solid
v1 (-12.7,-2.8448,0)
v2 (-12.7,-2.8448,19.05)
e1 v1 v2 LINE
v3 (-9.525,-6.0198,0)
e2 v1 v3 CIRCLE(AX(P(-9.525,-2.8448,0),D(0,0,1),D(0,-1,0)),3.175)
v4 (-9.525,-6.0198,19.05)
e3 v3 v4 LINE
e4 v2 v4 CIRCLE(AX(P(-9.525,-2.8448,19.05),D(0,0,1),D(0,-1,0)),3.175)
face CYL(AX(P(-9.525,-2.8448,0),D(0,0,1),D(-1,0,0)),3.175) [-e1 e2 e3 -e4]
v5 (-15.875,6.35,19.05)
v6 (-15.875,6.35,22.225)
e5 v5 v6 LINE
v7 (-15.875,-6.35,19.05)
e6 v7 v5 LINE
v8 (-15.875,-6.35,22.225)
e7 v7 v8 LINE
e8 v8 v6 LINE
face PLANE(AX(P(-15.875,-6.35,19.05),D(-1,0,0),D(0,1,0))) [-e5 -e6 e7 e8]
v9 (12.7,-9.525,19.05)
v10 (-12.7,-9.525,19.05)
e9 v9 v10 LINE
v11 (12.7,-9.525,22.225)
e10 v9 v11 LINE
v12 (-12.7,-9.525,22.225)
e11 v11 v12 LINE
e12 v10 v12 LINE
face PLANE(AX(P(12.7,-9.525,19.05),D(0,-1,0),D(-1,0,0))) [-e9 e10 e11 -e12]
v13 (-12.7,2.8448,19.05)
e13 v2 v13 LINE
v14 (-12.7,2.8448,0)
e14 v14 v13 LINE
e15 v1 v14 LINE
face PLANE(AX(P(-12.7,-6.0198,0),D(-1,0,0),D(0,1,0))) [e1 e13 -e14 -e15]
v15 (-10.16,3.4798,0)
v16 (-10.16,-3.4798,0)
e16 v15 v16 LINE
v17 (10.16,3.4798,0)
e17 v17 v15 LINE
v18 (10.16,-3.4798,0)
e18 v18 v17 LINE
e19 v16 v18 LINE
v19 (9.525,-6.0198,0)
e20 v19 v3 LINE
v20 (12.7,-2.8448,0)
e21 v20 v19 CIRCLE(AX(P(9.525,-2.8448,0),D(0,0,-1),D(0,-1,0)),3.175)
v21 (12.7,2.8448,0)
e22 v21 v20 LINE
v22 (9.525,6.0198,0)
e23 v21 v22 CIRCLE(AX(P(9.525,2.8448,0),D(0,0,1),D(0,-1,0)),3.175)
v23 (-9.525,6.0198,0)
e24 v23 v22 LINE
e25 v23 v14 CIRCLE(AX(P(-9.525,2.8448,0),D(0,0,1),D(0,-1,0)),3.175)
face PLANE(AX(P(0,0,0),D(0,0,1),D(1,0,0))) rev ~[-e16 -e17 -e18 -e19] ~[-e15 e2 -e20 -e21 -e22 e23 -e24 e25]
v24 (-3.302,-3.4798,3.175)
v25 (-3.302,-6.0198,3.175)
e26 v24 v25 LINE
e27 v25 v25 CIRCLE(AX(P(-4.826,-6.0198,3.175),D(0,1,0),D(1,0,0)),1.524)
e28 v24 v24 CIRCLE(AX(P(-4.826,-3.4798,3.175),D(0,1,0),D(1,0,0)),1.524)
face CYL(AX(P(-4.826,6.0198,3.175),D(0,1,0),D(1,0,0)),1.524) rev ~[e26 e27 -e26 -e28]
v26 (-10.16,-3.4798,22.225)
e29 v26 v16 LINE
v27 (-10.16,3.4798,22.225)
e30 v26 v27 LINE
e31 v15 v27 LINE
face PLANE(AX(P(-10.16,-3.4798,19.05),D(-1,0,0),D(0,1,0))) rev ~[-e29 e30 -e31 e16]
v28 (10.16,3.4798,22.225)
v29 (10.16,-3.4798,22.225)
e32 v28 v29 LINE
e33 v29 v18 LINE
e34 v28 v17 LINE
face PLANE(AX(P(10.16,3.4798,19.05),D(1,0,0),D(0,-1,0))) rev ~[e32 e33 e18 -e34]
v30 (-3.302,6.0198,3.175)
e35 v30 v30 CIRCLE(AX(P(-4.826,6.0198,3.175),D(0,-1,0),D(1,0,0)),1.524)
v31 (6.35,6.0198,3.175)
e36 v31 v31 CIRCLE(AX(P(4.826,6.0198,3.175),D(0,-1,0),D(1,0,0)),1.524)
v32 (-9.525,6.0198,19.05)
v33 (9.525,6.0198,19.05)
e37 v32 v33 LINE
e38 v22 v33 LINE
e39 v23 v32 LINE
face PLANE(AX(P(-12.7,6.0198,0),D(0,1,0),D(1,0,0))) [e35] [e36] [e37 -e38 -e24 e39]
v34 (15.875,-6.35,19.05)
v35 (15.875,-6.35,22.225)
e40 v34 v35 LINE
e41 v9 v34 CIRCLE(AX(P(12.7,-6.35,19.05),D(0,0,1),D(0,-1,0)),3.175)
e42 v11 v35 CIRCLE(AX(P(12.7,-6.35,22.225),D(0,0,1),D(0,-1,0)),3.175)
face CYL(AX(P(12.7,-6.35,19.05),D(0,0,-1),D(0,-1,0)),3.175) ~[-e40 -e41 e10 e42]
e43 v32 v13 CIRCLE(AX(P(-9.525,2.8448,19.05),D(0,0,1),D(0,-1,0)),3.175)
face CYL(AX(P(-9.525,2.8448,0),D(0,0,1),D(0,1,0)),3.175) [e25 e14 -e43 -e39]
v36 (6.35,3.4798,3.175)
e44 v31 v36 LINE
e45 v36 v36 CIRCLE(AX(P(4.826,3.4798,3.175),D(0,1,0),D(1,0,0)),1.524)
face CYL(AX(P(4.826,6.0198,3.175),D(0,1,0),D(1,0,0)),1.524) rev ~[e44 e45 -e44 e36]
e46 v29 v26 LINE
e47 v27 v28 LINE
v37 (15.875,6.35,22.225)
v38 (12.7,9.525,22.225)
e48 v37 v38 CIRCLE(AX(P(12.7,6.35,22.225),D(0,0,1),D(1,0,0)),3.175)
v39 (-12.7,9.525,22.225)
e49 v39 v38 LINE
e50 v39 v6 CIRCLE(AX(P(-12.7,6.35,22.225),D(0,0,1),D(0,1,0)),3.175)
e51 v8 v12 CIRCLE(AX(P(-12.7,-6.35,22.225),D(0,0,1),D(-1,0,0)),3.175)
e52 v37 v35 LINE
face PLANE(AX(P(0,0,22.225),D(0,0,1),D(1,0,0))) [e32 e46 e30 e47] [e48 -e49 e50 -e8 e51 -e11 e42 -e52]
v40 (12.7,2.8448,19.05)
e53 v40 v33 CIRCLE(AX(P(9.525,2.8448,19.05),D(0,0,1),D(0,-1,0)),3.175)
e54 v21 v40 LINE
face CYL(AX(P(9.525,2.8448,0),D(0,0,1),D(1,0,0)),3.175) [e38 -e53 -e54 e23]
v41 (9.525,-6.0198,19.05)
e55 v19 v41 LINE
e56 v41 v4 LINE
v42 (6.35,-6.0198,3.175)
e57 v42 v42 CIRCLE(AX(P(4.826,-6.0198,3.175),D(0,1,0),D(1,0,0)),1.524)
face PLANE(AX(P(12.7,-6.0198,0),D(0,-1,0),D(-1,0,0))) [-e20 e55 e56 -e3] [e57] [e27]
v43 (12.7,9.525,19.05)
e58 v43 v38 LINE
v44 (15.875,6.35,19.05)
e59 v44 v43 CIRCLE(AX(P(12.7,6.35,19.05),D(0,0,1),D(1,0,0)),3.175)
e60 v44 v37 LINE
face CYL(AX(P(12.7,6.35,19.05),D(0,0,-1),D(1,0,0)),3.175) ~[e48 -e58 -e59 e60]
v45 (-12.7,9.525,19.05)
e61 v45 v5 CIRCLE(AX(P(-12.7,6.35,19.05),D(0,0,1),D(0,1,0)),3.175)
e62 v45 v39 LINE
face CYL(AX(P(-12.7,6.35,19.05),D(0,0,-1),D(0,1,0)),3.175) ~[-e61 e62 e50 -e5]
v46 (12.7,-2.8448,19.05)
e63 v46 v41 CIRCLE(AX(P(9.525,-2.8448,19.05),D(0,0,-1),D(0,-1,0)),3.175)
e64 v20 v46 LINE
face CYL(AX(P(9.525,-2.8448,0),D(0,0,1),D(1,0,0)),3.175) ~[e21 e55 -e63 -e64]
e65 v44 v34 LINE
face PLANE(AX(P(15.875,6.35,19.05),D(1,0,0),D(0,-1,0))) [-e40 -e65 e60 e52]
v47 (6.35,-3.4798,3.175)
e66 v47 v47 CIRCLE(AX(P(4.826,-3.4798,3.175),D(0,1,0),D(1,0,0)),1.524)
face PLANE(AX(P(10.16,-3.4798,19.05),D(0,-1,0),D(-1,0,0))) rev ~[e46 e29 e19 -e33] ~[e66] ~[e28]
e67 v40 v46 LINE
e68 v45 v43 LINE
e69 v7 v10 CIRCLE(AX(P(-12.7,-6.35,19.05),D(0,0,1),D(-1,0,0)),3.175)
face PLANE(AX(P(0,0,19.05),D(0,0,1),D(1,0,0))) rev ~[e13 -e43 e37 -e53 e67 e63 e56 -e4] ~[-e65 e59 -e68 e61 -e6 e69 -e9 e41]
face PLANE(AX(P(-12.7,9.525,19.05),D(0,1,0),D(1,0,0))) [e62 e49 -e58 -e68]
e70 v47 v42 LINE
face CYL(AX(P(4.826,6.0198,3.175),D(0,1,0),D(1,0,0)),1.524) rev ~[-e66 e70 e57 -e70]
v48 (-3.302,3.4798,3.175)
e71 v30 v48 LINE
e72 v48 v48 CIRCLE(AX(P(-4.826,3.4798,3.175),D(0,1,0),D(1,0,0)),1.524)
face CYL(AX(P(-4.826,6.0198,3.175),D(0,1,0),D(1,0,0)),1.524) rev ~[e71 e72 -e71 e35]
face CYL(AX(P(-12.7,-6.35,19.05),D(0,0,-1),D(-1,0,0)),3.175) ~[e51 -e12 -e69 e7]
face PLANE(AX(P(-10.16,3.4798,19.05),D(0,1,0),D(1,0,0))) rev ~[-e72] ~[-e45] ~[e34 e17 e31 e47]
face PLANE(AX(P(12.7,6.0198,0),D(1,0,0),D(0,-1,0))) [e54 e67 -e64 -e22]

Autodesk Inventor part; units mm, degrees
ref_plane "YZ Plane" through (0, 0, 0) normal (1, 0, 0) x (0, 1, 0)
ref_plane "XZ Plane" through (0, 0, 0) normal (0, 1, 0) x (-1, 0, 0)
ref_plane "XY Plane" through (0, 0, 0) normal (0, 0, 1) x (1, 0, 0)
sketch "Sketch1" plane through (0, 0, 0) normal (0, 0, 1) x (1, 0, 0)
  line L0 (12.7, -6.0198) -> (-12.7, -6.0198)
  line L1 (-12.7, -6.0198) -> (-12.7, 6.0198)
  line L2 (-12.7, 6.0198) -> (12.7, 6.0198)
  line L3 (12.7, 6.0198) -> (12.7, -6.0198)
  line L4 (12.7, -6.0198) -> (-12.7, 6.0198) construction
  line L5 (-12.7, -6.0198) -> (12.7, 6.0198) construction
  point P0 (0, 0)
  dimension "d0" = 25.4
  dimension "d1" = 12.0396
extrude "Extrusion1" add sketch "Sketch1" along normal blind 19.05
shell "Shell1" thickness 2.54 removed faces 2 at (4.2333, -2.0066, 0) at (4.2333, -2.0066, 19.05)
sketch "Sketch2" plane through (-12.7, 6.0198, 0) normal (0, 1, 0) x (1, 0, 0)
  line L0 (-2.1226, -3.175) -> (30.0619, -3.175)
  line L1 (0, 0) -> (25.4, 0) projected
  circle A0 centre (7.874, -3.175) radius 1.524
  circle A1 centre (17.526, -3.175) radius 1.524
  line L2 (12.7, 1.1779) -> (12.7, -16.2415)
  point P0 (12.7, 0)
  point P1 (12.7, 0)
  dimension "d23" = 3.175
  dimension "d24" = 3.048
  dimension "d25" = 9.652
extrude "Extrusion2" cut sketch "Sketch2" against normal through all
sketch "Sketch3" plane through (0, 0, 19.05) normal (0, 0, 1) x (1, 0, 0)
  line L0 (-10.16, 3.4798) -> (10.16, 3.4798)
  line L1 (10.16, 3.4798) -> (10.16, -3.4798)
  line L2 (10.16, -3.4798) -> (-10.16, -3.4798)
  line L3 (-10.16, -3.4798) -> (-10.16, 3.4798)
  line L4 (-10.16, 3.4798) -> (10.16, -3.4798) construction
  line L5 (10.16, 3.4798) -> (-10.16, -3.4798) construction
  line L6 (-12.7, 9.525) -> (12.7, 9.525)
  line L7 (15.875, 6.35) -> (15.875, -6.35)
  line L8 (12.7, -9.525) -> (-12.7, -9.525)
  line L9 (-15.875, -6.35) -> (-15.875, 6.35)
  line L10 (-15.875, 9.525) -> (15.875, -9.525) construction
  line L11 (15.875, 9.525) -> (-15.875, -9.525) construction
  arc A0 (12.7, -9.525) -> (15.875, -6.35) centre (12.7, -6.35) ccw
  arc A1 (15.875, 6.35) -> (12.7, 9.525) centre (12.7, 6.35) ccw
  arc A2 (-12.7, 9.525) -> (-15.875, 6.35) centre (-12.7, 6.35) ccw
  arc A3 (-15.875, -6.35) -> (-12.7, -9.525) centre (-12.7, -6.35) ccw
  point P0 (0, 0)
  dimension "d28" = 19.05
  dimension "d29" = 31.75
  dimension "d30" = 3.175
extrude "Extrusion3" add sketch "Sketch3" along normal blind 3.175
fillet "Fillet1" radius 3.175 4 edges at (12.7, 6.0198, 9.525) (12.7, -6.0198, 9.525) (-12.7, 6.0198, 9.525) (-12.7, -6.0198, 9.525)
properties part number "E-Stop_Fixture_Tall"
